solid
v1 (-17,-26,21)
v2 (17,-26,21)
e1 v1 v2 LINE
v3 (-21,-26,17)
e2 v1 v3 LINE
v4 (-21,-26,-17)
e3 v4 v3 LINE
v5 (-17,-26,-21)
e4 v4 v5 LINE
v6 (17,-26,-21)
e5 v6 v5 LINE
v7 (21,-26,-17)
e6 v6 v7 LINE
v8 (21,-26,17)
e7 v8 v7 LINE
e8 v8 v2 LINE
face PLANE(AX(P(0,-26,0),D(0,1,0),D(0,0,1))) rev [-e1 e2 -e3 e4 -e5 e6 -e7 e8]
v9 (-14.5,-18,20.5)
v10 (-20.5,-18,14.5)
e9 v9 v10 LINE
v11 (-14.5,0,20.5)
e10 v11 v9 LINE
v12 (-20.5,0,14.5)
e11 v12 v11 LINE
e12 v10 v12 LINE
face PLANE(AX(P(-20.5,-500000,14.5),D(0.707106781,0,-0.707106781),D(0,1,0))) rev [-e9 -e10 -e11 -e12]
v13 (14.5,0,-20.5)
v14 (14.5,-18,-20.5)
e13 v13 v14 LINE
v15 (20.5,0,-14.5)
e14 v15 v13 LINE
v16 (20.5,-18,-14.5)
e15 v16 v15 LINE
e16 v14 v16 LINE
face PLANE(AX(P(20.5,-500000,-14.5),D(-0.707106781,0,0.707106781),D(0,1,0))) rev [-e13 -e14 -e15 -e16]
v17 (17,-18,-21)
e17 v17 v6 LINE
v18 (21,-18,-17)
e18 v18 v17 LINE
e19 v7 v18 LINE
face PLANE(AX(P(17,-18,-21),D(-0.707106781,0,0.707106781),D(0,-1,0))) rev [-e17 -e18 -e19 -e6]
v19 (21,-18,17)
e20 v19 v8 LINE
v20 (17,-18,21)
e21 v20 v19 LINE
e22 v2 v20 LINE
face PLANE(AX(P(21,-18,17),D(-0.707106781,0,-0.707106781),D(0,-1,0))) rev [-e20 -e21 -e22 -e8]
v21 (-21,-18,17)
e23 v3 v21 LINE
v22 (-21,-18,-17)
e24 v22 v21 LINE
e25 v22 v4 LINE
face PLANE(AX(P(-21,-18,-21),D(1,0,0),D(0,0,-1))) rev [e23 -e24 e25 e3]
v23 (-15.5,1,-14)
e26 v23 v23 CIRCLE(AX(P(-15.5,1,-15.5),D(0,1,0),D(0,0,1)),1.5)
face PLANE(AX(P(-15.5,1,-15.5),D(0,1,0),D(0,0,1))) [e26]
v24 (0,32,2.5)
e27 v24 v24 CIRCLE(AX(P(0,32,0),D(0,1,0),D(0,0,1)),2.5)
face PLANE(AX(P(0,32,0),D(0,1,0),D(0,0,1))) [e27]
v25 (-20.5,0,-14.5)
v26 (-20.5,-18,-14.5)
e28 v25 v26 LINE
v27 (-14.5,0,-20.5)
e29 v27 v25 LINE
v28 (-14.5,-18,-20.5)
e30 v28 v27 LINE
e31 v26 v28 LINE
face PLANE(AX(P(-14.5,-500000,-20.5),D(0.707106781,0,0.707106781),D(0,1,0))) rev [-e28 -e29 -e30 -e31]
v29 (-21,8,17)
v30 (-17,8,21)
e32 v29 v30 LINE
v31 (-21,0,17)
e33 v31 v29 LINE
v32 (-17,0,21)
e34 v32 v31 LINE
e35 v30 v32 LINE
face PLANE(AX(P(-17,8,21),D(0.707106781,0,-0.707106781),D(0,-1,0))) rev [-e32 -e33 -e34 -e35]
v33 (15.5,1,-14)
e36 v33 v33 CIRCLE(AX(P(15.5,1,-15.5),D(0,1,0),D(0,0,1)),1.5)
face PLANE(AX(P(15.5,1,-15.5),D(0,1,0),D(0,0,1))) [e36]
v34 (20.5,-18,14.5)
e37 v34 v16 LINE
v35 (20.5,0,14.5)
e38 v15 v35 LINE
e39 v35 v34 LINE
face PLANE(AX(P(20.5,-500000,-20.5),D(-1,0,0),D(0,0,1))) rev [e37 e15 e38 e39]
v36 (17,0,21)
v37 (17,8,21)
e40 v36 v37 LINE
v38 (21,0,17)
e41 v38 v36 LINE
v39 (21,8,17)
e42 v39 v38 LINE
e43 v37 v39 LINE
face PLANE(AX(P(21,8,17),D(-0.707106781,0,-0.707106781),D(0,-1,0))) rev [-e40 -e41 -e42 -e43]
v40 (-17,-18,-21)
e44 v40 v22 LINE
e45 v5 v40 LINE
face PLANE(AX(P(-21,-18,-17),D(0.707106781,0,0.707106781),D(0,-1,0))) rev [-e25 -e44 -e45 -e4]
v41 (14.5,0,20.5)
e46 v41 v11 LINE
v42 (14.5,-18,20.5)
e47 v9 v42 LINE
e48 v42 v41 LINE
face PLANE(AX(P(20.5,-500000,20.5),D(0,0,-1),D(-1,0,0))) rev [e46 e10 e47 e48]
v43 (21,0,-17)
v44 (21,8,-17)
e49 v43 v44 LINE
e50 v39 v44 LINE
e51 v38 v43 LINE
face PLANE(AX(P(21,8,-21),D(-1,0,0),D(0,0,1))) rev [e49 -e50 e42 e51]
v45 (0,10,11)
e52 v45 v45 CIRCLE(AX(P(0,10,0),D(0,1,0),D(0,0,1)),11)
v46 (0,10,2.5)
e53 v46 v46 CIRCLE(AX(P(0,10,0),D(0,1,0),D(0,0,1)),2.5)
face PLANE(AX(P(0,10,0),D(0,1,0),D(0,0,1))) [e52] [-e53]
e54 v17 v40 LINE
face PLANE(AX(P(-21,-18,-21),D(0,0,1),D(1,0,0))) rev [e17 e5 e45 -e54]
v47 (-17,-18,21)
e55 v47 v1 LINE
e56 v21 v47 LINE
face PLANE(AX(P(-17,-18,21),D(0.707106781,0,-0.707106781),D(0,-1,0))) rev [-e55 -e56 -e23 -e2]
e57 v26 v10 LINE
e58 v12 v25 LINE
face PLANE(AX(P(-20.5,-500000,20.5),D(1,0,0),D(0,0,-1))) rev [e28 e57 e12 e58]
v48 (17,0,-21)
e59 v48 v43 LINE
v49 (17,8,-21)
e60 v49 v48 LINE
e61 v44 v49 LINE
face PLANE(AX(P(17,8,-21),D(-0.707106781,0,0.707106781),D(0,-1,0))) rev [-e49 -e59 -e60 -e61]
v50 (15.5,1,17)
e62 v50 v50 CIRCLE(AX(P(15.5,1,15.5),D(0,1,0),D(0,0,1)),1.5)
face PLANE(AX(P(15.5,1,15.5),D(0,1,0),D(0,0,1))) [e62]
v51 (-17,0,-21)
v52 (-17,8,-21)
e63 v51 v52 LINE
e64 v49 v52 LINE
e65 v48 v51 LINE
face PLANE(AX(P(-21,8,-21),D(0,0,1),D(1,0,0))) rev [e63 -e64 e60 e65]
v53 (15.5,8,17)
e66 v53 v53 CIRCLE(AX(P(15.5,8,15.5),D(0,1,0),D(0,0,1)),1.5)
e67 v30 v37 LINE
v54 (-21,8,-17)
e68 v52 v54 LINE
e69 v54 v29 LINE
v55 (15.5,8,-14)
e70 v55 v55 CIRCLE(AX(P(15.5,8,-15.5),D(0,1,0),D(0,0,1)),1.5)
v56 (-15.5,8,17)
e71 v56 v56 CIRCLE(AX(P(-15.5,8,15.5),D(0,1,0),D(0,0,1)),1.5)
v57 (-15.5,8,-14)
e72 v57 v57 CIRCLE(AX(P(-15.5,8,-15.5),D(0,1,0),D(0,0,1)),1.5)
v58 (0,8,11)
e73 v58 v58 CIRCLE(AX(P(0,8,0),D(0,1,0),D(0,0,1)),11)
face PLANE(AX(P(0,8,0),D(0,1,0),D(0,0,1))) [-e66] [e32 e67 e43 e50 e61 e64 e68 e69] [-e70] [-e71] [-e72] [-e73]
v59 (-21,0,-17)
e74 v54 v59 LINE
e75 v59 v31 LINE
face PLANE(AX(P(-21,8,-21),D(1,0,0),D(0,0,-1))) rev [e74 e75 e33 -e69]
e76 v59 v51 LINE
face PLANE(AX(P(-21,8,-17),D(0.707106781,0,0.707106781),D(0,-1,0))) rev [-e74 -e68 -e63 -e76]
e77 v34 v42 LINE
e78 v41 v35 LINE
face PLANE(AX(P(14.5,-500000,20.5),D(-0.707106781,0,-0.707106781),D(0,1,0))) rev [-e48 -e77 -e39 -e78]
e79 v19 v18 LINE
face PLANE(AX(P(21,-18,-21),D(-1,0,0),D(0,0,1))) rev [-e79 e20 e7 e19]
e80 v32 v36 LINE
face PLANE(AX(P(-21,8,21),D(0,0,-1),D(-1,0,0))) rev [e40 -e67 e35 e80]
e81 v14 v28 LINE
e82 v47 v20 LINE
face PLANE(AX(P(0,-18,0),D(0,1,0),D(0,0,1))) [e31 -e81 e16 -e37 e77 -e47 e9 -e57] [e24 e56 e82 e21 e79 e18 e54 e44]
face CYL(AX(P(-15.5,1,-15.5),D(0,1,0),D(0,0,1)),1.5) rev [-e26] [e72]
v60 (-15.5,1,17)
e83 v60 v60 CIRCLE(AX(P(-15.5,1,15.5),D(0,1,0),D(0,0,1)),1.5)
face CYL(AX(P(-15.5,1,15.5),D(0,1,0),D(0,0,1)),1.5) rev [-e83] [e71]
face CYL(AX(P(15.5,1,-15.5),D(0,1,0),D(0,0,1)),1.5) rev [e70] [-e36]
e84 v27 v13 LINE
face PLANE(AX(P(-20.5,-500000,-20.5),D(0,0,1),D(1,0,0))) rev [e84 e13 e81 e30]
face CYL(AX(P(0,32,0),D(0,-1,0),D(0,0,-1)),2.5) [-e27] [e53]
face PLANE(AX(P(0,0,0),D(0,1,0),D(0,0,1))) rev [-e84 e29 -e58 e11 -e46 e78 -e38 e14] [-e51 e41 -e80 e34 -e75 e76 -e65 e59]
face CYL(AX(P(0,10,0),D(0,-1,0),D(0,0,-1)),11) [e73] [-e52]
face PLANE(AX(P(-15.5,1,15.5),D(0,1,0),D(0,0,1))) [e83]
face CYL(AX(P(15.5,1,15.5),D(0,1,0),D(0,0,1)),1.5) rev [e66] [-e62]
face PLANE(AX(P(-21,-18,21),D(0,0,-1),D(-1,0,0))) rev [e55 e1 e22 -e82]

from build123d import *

# Parameters (mm, degrees)
SKETCH1_W           = 42
SKETCH1_H           = 42
BOSS_EXTRUDE1_DEPTH = 8
LPATTERN2_COUNT     = 2
LPATTERN2_PITCH     = 26
BOSS_EXTRUDE4_REACH = 41.472
SKETCH5_W           = 41
SKETCH5_H           = 41
CHAMFER2_SIZE       = 6
CHAMFER1_SIZE       = 4
SKETCH2_R           = 11
BOSS_EXTRUDE2_DEPTH = 2
SKETCH3_R           = 2.5
BOSS_EXTRUDE3_DEPTH = 22
SKETCH6_R           = 1.5
CUT_EXTRUDE1_DEPTH  = 7


with BuildPart() as part:
    # Sketch1 → Boss-Extrude1 (new body)
    with BuildSketch(Plane(origin=(0, 0, 0), x_dir=(1, 0, 0), z_dir=(0, 1, 0))):
        Rectangle(SKETCH1_W, SKETCH1_H)
    extrude(amount=BOSS_EXTRUDE1_DEPTH)


with BuildPart() as lpattern2_1:
    # LPattern2: pattern copy
    add(part.part.moved(Location(Vector(0, -1, 0) * (1 * LPATTERN2_PITCH))))

    # Sketch5 → Boss-Extrude4 (add, up to next)
    with BuildSketch(Plane.XZ, mode=Mode.PRIVATE) as boss_extrude4_sk1:
        Rectangle(SKETCH5_W, SKETCH5_H)
    boss_extrude4_tool1 = extrude(boss_extrude4_sk1.sketch, amount=BOSS_EXTRUDE4_REACH, mode=Mode.PRIVATE) - lpattern2_1.part

    add(part.part)  # Boss-Extrude4 merges part
    add(boss_extrude4_tool1.solids().sort_by_distance((0, 0, 0))[0])

    # Chamfer2
    chamfer2_edges = [lpattern2_1.edges().sort_by_distance(p)[0] for p in [
        (20.5, -9, 20.5),
        (-20.5, -9, 20.5),
        (-20.5, -9, -20.5),
        (20.5, -9, -20.5),
    ]]
    chamfer(chamfer2_edges, length=CHAMFER2_SIZE)

    # Chamfer1
    chamfer1_edges = [lpattern2_1.edges().sort_by_distance(p)[0] for p in [
        (-21, -22, -21),
        (-21, -22, 21),
        (21, -22, 21),
        (21, -22, -21),
        (-21, 4, -21),
        (21, 4, -21),
        (21, 4, 21),
        (-21, 4, 21),
    ]]
    chamfer(chamfer1_edges, length=CHAMFER1_SIZE)

    # Sketch2 → Boss-Extrude2 (add)
    with BuildSketch(Plane(origin=(0, 8, 0), x_dir=(1, 0, 0), z_dir=(0, 1, 0))):
        with Locations(Location((0, 0, 0), (0, 0, 270))):
            Circle(SKETCH2_R)
    extrude(amount=BOSS_EXTRUDE2_DEPTH)

    # Sketch3 → Boss-Extrude3 (add)
    with BuildSketch(Plane(origin=(0, 10, 0), x_dir=(1, 0, 0), z_dir=(0, 1, 0))):
        with Locations(Location((0, 0, 0), (0, 0, 270))):
            Circle(SKETCH3_R)
    extrude(amount=BOSS_EXTRUDE3_DEPTH)

    # Sketch6 → Cut-Extrude1 (cut)
    with BuildSketch(Plane(origin=(0, 8, 0), x_dir=(1, 0, 0), z_dir=(0, 1, 0))):
        with Locations(Location((-15.5, 15.5, 0), (0, 0, 270))):
            Circle(SKETCH6_R)
        with Locations(Location((15.5, 15.5, 0), (0, 0, 270))):
            Circle(SKETCH6_R)
        with Locations(Location((15.5, -15.5, 0), (0, 0, 270))):
            Circle(SKETCH6_R)
        with Locations(Location((-15.5, -15.5, 0), (0, 0, 270))):
            Circle(SKETCH6_R)
    extrude(amount=-CUT_EXTRUDE1_DEPTH, mode=Mode.SUBTRACT)


solid = lpattern2_1.part
